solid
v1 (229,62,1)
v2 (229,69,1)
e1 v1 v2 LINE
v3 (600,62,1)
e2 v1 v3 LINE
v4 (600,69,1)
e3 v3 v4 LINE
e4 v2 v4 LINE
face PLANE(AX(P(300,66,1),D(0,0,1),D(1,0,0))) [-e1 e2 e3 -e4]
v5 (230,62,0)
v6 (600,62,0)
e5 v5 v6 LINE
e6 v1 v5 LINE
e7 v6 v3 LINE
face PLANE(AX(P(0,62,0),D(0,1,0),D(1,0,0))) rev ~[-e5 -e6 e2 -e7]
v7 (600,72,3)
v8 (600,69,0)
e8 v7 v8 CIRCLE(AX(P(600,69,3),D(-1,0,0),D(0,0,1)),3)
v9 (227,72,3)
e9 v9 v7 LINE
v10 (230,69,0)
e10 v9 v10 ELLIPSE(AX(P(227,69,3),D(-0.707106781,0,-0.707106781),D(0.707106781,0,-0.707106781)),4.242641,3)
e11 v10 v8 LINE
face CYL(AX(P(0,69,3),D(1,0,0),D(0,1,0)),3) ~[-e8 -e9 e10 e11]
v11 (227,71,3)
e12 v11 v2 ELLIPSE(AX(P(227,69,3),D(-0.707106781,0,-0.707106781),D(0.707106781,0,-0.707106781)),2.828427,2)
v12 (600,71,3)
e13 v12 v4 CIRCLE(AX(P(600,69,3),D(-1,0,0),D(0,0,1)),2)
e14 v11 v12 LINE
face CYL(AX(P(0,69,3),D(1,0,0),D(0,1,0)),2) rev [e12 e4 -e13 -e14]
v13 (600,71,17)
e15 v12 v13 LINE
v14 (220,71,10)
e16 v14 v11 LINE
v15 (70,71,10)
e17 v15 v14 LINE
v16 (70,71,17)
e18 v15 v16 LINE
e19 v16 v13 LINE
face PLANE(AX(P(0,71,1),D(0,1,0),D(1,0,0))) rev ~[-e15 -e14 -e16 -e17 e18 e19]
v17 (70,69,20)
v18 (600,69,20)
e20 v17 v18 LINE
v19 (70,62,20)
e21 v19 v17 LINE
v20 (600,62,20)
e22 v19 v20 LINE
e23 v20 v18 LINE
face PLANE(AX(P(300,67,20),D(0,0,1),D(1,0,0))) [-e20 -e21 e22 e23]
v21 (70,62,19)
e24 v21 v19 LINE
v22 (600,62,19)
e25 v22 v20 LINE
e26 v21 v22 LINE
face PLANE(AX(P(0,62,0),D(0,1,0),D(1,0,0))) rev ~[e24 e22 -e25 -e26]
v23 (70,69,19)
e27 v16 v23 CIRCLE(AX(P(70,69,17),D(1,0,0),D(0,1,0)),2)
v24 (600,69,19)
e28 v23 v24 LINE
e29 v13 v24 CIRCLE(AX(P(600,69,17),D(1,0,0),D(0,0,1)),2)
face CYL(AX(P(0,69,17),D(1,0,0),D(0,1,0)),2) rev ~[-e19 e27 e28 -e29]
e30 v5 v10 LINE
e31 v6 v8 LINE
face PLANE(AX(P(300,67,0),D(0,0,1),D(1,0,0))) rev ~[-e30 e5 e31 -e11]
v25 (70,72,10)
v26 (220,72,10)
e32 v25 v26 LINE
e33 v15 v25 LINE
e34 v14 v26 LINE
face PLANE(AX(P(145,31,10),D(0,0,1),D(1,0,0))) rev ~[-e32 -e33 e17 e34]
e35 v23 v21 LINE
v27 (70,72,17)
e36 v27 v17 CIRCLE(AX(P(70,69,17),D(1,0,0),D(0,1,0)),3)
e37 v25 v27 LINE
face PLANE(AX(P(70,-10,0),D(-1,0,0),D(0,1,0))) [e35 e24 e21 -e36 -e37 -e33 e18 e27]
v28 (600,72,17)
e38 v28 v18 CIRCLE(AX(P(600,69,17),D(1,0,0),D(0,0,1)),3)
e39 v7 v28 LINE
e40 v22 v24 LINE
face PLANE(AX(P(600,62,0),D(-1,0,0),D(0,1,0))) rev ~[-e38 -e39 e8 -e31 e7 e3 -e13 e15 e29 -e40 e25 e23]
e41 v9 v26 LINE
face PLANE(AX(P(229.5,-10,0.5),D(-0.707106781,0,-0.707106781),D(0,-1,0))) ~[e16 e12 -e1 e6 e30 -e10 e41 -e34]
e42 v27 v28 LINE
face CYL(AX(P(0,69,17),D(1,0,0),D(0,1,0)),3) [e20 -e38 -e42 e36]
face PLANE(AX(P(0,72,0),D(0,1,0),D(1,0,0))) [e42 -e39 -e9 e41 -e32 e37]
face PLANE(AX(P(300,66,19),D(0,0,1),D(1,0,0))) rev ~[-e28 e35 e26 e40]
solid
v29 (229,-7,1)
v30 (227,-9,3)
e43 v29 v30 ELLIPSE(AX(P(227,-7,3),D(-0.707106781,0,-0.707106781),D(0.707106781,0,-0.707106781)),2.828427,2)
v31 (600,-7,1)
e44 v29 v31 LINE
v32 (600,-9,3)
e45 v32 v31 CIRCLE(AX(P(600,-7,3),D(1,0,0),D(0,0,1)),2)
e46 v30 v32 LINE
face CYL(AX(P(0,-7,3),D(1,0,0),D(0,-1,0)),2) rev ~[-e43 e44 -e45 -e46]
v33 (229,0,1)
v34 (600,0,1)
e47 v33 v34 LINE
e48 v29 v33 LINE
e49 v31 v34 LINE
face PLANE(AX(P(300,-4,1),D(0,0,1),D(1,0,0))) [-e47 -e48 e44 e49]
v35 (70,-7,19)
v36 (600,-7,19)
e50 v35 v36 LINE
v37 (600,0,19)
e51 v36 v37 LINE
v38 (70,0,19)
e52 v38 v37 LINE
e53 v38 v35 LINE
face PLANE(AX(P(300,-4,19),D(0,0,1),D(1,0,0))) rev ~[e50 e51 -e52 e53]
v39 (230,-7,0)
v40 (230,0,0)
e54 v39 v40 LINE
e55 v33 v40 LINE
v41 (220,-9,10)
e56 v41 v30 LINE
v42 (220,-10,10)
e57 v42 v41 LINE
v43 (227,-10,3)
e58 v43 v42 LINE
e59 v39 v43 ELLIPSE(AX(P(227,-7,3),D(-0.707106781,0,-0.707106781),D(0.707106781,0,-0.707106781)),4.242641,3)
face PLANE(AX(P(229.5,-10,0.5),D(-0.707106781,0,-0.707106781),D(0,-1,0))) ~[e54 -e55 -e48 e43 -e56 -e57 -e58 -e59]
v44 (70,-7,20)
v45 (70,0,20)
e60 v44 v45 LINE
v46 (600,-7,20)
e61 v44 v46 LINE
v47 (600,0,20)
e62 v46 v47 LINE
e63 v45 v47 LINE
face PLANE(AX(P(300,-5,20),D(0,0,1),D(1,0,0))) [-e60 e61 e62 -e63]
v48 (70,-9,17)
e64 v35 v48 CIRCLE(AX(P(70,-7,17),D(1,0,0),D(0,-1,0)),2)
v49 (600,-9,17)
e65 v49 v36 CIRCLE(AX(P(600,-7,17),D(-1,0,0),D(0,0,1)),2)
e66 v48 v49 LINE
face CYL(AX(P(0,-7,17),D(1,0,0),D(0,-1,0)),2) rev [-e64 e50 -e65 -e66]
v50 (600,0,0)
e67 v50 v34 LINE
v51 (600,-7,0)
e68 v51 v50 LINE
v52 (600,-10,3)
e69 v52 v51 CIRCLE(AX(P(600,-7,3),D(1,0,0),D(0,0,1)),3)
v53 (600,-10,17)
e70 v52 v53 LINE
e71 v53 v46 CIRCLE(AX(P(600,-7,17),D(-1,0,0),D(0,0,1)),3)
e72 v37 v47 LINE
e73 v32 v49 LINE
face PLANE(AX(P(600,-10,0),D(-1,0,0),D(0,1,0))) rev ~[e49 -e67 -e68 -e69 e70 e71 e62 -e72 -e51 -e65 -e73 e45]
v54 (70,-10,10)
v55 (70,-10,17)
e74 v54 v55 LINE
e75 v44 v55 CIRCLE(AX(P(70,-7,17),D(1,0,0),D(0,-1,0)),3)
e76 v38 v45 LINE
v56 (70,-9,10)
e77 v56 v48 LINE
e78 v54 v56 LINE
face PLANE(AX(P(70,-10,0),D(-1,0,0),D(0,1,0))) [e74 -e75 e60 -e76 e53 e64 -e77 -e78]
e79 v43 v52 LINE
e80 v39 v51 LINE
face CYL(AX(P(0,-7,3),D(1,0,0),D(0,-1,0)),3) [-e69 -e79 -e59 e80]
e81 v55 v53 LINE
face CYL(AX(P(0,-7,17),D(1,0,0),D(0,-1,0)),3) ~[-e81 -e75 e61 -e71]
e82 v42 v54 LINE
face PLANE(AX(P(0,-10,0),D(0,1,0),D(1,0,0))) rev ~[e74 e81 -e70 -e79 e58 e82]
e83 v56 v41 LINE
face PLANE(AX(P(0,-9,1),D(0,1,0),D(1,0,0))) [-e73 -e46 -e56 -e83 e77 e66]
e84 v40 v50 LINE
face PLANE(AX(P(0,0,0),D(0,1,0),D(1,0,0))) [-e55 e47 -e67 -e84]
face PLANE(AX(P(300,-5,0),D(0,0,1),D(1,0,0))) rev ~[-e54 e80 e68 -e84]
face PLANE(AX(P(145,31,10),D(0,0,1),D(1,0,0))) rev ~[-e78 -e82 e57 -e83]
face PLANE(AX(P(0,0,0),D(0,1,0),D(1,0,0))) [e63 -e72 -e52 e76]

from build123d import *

# Parameters (mm, degrees)
BOX194_W        = 150
BOX194_H        = 82
BOX194_DEPTH    = 10
BOX195_W        = 20
BOX195_H        = 82
BOX195_DEPTH    = 20
CHAMFER017_SIZE = 19
BOX211_W        = 70
BOX211_H        = 82
BOX211_DEPTH    = 20
BOX196_W        = 600
BOX196_H        = 10
BOX196_DEPTH    = 18
FILLET074_R     = 2
BOX197_W        = 600
BOX197_H        = 10
BOX197_DEPTH    = 18
FILLET073_R     = 2
BOX192_W        = 600
BOX192_H        = 10
BOX192_DEPTH    = 20
BOX193_W        = 600
BOX193_H        = 10
BOX193_DEPTH    = 20
FILLET075_R     = 3


with BuildPart() as box194:
    # Box194 → Box194 (new body)
    with BuildSketch(Plane(origin=(0, -10, 0), x_dir=(1, 0, 0), z_dir=(0, 0, 1))):
        with Locations((75, 41)):
            Rectangle(BOX194_W, BOX194_H)
    extrude(amount=BOX194_DEPTH)


with BuildPart() as fusion219:
    # Box195 → Box195 (new body)
    with BuildSketch(Plane(origin=(137, -10, -10), x_dir=(1, 0, 0), z_dir=(0, 0, 1))):
        with Locations((10, 41)):
            Rectangle(BOX195_W, BOX195_H)
    extrude(amount=BOX195_DEPTH)

    # Chamfer017
    chamfer017_edges = [fusion219.edges().sort_by_distance(p)[0] for p in [
        (157, 31, 10),
    ]]
    chamfer(chamfer017_edges, length=CHAMFER017_SIZE)


with BuildPart() as fusion219_1:
    # Chamfer017 placement: moved
    add(fusion219.part.moved(Location((12, 0, 0))))

    # Fusion219: union Box194
    add(box194.part)


with BuildPart() as fusion219_2:
    # Fusion219 placement: moved
    add(fusion219_1.part.moved(Location((70, 0, 0))))


with BuildPart() as fusion245:
    # Box211 → Box211 (new body)
    with BuildSketch(Plane(origin=(0, -10, 0), x_dir=(1, 0, 0), z_dir=(0, 0, 1))):
        with Locations((35, 41)):
            Rectangle(BOX211_W, BOX211_H)
    extrude(amount=BOX211_DEPTH)

    # Fusion245: union Fusion219
    add(fusion219_2.part)


with BuildPart() as fillet074:
    # Box196 → Box196 (new body)
    with BuildSketch(Plane(origin=(0, 1, 1), x_dir=(1, 0, 0), z_dir=(0, 0, 1))):
        with Locations((300, 5)):
            Rectangle(BOX196_W, BOX196_H)
    extrude(amount=BOX196_DEPTH)

    # Fillet074
    fillet074_edges = [fillet074.edges().sort_by_distance(p)[0] for p in [
        (300, 1, 1),
        (300, 1, 19),
    ]]
    fillet(fillet074_edges, radius=FILLET074_R)


with BuildPart() as fillet074_1:
    # Fillet074 placement: moved
    add(fillet074.part.moved(Location((0, -10, 0))))


with BuildPart() as fusion218:
    # Box197 → Box197 (new body)
    with BuildSketch(Plane(origin=(0, 51, 1), x_dir=(1, 0, 0), z_dir=(0, 0, 1))):
        with Locations((300, 5)):
            Rectangle(BOX197_W, BOX197_H)
    extrude(amount=BOX197_DEPTH)

    # Fillet073
    fillet073_edges = [fusion218.edges().sort_by_distance(p)[0] for p in [
        (300, 61, 1),
        (300, 61, 19),
    ]]
    fillet(fillet073_edges, radius=FILLET073_R)


with BuildPart() as fusion218_1:
    # Fillet073 placement: moved
    add(fusion218.part.moved(Location((0, 10, 0))))

    # Fusion218: union Fillet074
    add(fillet074_1.part)


with BuildPart() as box192:
    # Box192 → Box192 (new body)
    with BuildSketch(Plane(origin=(0, -10, 0), x_dir=(1, 0, 0), z_dir=(0, 0, 1))):
        with Locations((300, 5)):
            Rectangle(BOX192_W, BOX192_H)
    extrude(amount=BOX192_DEPTH)


with BuildPart() as frame_wide_metal:
    # Box193 → Box193 (new body)
    with BuildSketch(Plane(origin=(0, 62, 0), x_dir=(1, 0, 0), z_dir=(0, 0, 1))):
        with Locations((300, 5)):
            Rectangle(BOX193_W, BOX193_H)
    extrude(amount=BOX193_DEPTH)

    # Fusion216: union Box192
    add(box192.part)

    # Fillet075
    fillet075_edges = [frame_wide_metal.edges().sort_by_distance(p)[0] for p in [
        (300, 72, 0),
        (300, 72, 20),
        (300, -10, 0),
        (300, -10, 20),
    ]]
    fillet(fillet075_edges, radius=FILLET075_R)

    # Cut199: cut Fusion218
    add(fusion218_1.part, mode=Mode.SUBTRACT)

    # Cut221: cut Fusion245
    add(fusion245.part, mode=Mode.SUBTRACT)


solid = frame_wide_metal.part
